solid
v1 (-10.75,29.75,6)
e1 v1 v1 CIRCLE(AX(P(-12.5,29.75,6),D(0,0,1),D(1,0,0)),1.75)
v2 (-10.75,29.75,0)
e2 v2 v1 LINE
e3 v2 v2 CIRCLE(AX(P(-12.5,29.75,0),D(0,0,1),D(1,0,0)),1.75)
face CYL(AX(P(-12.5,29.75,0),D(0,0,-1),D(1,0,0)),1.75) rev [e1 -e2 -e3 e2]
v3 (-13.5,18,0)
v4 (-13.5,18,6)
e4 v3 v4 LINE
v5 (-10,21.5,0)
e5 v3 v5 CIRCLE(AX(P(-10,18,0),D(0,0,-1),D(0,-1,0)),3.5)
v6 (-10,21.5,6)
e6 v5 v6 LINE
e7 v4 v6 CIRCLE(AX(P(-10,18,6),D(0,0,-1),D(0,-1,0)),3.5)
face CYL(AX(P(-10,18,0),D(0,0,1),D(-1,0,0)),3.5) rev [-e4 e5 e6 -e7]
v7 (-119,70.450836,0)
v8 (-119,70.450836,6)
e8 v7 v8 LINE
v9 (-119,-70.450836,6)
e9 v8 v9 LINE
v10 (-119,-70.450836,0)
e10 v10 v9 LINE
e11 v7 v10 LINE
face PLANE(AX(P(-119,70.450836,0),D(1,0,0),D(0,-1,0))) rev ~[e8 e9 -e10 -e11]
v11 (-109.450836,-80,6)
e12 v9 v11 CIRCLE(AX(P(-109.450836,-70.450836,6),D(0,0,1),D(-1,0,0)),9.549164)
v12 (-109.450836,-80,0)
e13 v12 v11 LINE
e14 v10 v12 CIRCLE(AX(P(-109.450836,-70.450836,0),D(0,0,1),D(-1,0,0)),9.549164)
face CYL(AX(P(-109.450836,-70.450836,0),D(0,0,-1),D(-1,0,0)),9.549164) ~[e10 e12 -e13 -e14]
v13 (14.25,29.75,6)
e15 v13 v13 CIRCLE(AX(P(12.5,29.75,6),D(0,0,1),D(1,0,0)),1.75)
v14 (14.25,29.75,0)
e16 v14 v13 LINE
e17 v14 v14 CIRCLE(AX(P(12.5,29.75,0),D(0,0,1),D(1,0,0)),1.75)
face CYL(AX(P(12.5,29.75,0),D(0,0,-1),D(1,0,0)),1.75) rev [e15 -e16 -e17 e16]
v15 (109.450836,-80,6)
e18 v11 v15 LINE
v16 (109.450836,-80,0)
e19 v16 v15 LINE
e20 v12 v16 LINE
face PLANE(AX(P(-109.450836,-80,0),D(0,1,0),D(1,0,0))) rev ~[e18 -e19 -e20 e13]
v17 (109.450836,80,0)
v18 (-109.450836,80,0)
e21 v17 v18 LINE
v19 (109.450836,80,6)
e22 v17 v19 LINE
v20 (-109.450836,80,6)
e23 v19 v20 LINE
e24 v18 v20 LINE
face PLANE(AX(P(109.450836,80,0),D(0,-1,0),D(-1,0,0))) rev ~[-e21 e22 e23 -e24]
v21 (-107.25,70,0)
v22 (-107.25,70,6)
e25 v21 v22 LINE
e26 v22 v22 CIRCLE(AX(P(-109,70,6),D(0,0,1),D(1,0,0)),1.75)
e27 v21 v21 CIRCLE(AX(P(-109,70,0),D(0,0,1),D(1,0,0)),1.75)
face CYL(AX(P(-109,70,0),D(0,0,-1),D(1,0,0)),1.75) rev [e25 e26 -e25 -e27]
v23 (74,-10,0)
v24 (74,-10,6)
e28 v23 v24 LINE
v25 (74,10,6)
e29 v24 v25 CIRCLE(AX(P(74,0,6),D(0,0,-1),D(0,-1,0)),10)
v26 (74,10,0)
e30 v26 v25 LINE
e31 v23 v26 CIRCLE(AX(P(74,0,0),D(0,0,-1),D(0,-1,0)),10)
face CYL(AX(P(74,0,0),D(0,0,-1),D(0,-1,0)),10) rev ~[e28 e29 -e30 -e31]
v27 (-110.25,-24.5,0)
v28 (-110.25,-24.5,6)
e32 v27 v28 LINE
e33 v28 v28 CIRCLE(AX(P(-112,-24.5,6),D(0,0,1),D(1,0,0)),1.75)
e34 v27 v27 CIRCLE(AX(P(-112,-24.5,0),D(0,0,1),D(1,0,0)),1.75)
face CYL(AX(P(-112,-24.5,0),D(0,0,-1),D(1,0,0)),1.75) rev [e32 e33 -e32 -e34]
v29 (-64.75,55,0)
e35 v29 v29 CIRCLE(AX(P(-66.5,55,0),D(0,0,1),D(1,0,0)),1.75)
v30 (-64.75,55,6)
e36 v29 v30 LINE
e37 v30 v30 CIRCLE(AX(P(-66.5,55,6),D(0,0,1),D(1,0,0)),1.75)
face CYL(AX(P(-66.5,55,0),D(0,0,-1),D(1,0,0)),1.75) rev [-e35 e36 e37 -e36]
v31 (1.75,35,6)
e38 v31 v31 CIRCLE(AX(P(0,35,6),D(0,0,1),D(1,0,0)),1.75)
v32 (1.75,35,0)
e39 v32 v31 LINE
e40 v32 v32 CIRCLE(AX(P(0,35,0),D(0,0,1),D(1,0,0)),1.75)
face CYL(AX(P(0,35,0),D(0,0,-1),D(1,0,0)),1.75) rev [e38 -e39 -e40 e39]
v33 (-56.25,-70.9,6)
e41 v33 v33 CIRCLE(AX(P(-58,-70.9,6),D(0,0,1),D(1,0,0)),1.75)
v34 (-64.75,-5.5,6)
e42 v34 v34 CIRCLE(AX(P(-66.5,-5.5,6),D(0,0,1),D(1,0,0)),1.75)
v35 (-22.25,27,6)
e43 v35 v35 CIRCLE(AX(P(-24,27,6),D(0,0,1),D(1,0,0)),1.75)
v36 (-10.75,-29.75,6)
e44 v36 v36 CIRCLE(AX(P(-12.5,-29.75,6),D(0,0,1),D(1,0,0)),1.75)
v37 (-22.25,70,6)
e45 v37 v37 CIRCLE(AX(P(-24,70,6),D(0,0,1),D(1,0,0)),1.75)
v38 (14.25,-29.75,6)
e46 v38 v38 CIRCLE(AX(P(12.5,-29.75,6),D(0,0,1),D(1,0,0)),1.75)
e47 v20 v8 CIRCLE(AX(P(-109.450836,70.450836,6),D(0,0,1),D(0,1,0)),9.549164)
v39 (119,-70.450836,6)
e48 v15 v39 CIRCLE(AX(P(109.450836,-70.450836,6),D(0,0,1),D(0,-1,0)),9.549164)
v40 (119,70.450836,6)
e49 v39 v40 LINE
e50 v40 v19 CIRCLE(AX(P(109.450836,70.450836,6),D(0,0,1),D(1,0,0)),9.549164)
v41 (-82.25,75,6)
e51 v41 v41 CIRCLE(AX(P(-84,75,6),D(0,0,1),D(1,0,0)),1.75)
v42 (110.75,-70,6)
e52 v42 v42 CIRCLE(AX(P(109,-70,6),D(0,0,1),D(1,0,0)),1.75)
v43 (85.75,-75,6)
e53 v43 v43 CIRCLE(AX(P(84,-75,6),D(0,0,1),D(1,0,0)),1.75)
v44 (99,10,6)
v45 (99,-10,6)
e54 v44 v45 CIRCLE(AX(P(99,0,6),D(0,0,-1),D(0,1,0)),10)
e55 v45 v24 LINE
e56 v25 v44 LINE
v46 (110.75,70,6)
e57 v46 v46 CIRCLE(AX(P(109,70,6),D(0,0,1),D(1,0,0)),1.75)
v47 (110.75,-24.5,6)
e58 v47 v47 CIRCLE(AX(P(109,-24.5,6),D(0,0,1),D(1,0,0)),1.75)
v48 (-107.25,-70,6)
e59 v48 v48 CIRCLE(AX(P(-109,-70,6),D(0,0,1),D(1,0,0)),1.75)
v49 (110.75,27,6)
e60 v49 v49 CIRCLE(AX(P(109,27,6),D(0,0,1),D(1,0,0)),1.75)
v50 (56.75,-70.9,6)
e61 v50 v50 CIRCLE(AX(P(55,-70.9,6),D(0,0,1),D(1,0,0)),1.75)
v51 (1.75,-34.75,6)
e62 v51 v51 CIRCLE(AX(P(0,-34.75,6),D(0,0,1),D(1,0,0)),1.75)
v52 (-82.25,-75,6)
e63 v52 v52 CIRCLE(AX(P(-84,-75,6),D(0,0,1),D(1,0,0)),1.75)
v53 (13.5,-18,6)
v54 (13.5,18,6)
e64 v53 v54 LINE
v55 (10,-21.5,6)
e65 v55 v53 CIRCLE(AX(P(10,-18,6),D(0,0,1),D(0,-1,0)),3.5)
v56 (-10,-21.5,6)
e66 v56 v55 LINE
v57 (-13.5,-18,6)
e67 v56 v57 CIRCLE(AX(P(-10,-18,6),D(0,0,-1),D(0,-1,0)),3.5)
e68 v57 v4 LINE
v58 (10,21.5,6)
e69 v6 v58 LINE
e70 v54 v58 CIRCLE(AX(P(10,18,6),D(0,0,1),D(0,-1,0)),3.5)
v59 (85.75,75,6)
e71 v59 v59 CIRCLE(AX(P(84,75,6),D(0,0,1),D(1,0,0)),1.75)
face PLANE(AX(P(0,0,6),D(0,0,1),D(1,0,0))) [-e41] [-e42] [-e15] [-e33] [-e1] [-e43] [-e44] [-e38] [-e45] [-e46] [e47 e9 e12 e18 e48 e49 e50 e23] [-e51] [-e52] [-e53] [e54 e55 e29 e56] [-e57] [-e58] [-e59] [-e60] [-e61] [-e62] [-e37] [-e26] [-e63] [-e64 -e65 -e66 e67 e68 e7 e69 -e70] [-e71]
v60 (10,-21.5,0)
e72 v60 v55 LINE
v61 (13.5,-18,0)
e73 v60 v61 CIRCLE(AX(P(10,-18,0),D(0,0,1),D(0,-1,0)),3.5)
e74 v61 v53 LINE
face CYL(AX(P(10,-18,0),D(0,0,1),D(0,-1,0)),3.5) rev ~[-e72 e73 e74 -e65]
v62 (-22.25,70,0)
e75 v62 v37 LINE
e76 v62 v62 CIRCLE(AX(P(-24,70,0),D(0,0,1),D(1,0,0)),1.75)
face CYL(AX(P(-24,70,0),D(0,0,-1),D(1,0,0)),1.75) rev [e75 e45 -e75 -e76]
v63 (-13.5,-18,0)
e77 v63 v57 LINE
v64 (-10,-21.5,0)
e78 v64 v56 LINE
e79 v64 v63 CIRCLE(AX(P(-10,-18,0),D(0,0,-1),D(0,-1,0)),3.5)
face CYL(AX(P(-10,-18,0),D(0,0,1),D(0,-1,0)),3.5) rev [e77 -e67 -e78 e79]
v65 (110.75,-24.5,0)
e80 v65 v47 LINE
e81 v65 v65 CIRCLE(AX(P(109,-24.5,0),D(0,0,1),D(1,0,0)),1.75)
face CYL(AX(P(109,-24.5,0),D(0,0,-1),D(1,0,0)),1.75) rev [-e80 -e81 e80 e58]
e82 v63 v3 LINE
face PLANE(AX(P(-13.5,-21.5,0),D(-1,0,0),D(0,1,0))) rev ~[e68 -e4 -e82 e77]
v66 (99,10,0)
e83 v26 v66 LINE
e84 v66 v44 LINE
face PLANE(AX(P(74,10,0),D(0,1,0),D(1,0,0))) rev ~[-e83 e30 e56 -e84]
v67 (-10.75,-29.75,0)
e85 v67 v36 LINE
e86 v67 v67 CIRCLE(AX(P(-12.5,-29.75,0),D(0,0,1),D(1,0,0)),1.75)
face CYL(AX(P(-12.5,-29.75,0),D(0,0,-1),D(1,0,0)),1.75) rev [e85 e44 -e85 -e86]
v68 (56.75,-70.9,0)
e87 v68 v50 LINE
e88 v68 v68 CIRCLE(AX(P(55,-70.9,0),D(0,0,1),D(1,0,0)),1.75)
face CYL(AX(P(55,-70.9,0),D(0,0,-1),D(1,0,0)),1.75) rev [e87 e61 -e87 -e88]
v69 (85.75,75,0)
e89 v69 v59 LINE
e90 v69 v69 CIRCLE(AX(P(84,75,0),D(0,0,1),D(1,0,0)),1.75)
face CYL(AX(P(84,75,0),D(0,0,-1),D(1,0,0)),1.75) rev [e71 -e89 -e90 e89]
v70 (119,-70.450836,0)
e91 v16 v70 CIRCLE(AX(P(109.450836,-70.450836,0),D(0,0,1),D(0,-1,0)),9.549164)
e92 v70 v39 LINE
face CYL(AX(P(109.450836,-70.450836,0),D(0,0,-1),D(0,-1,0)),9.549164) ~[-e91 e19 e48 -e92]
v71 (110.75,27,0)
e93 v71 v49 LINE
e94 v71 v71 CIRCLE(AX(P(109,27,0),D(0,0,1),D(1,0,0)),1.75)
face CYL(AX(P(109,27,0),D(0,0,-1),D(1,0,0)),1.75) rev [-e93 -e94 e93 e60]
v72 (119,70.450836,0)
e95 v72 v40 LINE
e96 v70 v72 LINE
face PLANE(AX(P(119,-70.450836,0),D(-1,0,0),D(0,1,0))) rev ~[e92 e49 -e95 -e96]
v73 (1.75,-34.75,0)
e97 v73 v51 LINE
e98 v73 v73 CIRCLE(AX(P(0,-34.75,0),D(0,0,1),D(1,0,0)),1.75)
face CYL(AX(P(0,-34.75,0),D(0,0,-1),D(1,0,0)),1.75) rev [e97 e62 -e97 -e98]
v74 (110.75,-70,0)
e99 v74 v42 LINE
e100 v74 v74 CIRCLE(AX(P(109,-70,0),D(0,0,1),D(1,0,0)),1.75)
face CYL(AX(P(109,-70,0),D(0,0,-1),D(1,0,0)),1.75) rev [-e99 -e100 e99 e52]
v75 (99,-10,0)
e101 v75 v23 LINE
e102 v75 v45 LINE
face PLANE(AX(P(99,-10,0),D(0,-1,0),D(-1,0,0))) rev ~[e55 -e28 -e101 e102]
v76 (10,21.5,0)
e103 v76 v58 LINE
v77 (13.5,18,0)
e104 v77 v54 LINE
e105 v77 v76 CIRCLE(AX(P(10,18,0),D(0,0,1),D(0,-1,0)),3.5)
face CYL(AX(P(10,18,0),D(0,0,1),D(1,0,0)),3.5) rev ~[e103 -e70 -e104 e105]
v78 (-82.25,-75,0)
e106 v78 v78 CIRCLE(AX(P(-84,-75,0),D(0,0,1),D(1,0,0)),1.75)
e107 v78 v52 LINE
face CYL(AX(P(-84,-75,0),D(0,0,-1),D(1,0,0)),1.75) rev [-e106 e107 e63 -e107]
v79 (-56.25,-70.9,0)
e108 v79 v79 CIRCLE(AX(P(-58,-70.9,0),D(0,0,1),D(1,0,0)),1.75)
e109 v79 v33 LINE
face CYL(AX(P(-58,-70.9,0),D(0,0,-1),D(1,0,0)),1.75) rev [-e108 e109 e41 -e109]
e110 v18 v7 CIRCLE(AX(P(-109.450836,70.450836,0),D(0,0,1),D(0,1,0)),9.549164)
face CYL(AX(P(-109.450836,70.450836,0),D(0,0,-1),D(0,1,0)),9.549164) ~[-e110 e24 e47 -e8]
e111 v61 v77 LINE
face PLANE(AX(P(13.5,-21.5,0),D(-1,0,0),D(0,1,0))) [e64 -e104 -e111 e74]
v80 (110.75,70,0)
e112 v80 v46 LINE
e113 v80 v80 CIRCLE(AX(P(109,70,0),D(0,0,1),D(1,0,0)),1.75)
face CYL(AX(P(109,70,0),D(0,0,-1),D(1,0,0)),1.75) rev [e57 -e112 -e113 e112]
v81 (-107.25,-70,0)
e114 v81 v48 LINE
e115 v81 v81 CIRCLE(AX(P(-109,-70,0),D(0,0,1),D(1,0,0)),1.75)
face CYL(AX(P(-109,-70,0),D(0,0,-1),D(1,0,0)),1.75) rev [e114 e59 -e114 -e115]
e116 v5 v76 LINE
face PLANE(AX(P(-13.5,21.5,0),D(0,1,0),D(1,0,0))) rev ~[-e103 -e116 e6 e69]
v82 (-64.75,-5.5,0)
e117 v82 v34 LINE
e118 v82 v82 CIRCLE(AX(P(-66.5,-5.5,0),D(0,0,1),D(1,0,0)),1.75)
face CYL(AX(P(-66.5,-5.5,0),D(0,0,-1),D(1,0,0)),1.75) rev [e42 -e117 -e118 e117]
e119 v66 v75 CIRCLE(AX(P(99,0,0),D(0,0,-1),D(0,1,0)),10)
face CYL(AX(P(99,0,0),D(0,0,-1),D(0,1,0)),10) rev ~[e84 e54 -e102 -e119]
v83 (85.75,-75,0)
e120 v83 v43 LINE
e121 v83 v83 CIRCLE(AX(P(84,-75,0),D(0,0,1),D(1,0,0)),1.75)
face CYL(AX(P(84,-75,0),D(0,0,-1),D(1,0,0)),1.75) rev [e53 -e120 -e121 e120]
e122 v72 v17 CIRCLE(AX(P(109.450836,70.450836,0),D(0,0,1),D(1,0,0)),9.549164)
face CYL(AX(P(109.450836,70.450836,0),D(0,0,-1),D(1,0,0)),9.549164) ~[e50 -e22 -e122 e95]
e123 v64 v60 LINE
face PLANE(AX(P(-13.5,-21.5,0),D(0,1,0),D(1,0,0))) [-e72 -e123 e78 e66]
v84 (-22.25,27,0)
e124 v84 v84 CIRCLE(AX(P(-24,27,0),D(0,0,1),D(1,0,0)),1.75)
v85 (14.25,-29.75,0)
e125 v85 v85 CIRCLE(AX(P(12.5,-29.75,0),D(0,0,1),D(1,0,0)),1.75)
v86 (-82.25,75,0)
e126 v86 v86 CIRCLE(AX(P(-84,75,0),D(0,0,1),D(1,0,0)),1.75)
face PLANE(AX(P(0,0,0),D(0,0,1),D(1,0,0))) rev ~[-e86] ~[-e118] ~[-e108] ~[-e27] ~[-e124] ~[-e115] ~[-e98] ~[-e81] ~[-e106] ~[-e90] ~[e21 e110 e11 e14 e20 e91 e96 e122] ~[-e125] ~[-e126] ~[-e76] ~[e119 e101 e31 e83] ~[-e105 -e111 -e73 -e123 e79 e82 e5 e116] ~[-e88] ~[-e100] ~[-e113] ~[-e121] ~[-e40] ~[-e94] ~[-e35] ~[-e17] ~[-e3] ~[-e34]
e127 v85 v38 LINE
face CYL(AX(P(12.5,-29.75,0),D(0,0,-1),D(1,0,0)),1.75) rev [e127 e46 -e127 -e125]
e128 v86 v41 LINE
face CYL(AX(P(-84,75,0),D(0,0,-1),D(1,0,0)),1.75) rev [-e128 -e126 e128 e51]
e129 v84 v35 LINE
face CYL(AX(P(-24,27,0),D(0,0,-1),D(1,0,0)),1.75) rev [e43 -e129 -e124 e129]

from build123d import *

# Parameters (mm, degrees)
ESQUISSE1_R        = 1.75
ESQUISSE1_W        = 27
ESQUISSE1_H        = 43
BOSS_EXTRU_1_DEPTH = 6
CONG_1_R           = 3.5


with BuildPart() as part:
    # Esquisse1 → Boss.-Extru.1 (new body)
    with BuildSketch(Plane.XY):
        with BuildLine():
            Line((109.450836441, 80), (-109.450836441, 80))
            ThreePointArc((-109.450836441, 80), (-116.203114748, 77.203114748), (-119, 70.450836441))
            Line((-119, 70.450836441), (-119, -70.450836441))
            ThreePointArc((-119, -70.450836441), (-116.203114748, -77.203114748), (-109.450836441, -80))
            Line((-109.450836441, -80), (109.450836441, -80))
            ThreePointArc((109.450836441, -80), (116.203114748, -77.203114748), (119, -70.450836441))
            Line((119, -70.450836441), (119, 70.450836441))
            ThreePointArc((119, 70.450836441), (116.203114748, 77.203114748), (109.450836441, 80))
        make_face()
        with Locations((109, -70)):
            Circle(ESQUISSE1_R, mode=Mode.SUBTRACT)
        with Locations((109, 70)):
            Circle(ESQUISSE1_R, mode=Mode.SUBTRACT)
        with Locations((-24, 27)):
            Circle(ESQUISSE1_R, mode=Mode.SUBTRACT)
        with Locations((-24, 70)):
            Circle(ESQUISSE1_R, mode=Mode.SUBTRACT)
        with Locations((109, 27)):
            Circle(ESQUISSE1_R, mode=Mode.SUBTRACT)
        with Locations((109, -24.5)):
            Circle(ESQUISSE1_R, mode=Mode.SUBTRACT)
        with Locations((-112, -24.5)):
            Circle(ESQUISSE1_R, mode=Mode.SUBTRACT)
        with Locations((84, 75)):
            Circle(ESQUISSE1_R, mode=Mode.SUBTRACT)
        with Locations((84, -75)):
            Circle(ESQUISSE1_R, mode=Mode.SUBTRACT)
        with Locations((-109, -70)):
            Circle(ESQUISSE1_R, mode=Mode.SUBTRACT)
        with Locations((-109, 70)):
            Circle(ESQUISSE1_R, mode=Mode.SUBTRACT)
        with Locations((-84, -75)):
            Circle(ESQUISSE1_R, mode=Mode.SUBTRACT)
        with Locations((-84, 75)):
            Circle(ESQUISSE1_R, mode=Mode.SUBTRACT)
        with Locations((0, 35)):
            Circle(ESQUISSE1_R, mode=Mode.SUBTRACT)
        with Locations((0, -34.75)):
            Circle(ESQUISSE1_R, mode=Mode.SUBTRACT)
        with Locations((-12.5, 29.75)):
            Circle(ESQUISSE1_R, mode=Mode.SUBTRACT)
        with Locations((12.5, 29.75)):
            Circle(ESQUISSE1_R, mode=Mode.SUBTRACT)
        with Locations((12.5, -29.75)):
            Circle(ESQUISSE1_R, mode=Mode.SUBTRACT)
        with Locations((-12.5, -29.75)):
            Circle(ESQUISSE1_R, mode=Mode.SUBTRACT)
        with Locations((-66.5, 55)):
            Circle(ESQUISSE1_R, mode=Mode.SUBTRACT)
        with Locations((-66.5, -5.5)):
            Circle(ESQUISSE1_R, mode=Mode.SUBTRACT)
        with Locations((-58, -70.9)):
            Circle(ESQUISSE1_R, mode=Mode.SUBTRACT)
        with Locations((55, -70.9)):
            Circle(ESQUISSE1_R, mode=Mode.SUBTRACT)
        Rectangle(ESQUISSE1_W, ESQUISSE1_H, mode=Mode.SUBTRACT)
        with BuildLine():
            Line((99, -10), (74, -10))
            ThreePointArc((74, -10), (64, 0), (74, 10))
            Line((74, 10), (99, 10))
            ThreePointArc((99, 10), (109, 0), (99, -10))
        make_face(mode=Mode.SUBTRACT)
    extrude(amount=BOSS_EXTRU_1_DEPTH)

    # Congé1
    cong_1_edges = [part.edges().sort_by_distance(p)[0] for p in [
        (13.5, 21.5, 3),
        (-13.5, 21.5, 3),
        (-13.5, -21.5, 3),
        (13.5, -21.5, 3),
    ]]
    fillet(cong_1_edges, radius=CONG_1_R)


solid = part.part
